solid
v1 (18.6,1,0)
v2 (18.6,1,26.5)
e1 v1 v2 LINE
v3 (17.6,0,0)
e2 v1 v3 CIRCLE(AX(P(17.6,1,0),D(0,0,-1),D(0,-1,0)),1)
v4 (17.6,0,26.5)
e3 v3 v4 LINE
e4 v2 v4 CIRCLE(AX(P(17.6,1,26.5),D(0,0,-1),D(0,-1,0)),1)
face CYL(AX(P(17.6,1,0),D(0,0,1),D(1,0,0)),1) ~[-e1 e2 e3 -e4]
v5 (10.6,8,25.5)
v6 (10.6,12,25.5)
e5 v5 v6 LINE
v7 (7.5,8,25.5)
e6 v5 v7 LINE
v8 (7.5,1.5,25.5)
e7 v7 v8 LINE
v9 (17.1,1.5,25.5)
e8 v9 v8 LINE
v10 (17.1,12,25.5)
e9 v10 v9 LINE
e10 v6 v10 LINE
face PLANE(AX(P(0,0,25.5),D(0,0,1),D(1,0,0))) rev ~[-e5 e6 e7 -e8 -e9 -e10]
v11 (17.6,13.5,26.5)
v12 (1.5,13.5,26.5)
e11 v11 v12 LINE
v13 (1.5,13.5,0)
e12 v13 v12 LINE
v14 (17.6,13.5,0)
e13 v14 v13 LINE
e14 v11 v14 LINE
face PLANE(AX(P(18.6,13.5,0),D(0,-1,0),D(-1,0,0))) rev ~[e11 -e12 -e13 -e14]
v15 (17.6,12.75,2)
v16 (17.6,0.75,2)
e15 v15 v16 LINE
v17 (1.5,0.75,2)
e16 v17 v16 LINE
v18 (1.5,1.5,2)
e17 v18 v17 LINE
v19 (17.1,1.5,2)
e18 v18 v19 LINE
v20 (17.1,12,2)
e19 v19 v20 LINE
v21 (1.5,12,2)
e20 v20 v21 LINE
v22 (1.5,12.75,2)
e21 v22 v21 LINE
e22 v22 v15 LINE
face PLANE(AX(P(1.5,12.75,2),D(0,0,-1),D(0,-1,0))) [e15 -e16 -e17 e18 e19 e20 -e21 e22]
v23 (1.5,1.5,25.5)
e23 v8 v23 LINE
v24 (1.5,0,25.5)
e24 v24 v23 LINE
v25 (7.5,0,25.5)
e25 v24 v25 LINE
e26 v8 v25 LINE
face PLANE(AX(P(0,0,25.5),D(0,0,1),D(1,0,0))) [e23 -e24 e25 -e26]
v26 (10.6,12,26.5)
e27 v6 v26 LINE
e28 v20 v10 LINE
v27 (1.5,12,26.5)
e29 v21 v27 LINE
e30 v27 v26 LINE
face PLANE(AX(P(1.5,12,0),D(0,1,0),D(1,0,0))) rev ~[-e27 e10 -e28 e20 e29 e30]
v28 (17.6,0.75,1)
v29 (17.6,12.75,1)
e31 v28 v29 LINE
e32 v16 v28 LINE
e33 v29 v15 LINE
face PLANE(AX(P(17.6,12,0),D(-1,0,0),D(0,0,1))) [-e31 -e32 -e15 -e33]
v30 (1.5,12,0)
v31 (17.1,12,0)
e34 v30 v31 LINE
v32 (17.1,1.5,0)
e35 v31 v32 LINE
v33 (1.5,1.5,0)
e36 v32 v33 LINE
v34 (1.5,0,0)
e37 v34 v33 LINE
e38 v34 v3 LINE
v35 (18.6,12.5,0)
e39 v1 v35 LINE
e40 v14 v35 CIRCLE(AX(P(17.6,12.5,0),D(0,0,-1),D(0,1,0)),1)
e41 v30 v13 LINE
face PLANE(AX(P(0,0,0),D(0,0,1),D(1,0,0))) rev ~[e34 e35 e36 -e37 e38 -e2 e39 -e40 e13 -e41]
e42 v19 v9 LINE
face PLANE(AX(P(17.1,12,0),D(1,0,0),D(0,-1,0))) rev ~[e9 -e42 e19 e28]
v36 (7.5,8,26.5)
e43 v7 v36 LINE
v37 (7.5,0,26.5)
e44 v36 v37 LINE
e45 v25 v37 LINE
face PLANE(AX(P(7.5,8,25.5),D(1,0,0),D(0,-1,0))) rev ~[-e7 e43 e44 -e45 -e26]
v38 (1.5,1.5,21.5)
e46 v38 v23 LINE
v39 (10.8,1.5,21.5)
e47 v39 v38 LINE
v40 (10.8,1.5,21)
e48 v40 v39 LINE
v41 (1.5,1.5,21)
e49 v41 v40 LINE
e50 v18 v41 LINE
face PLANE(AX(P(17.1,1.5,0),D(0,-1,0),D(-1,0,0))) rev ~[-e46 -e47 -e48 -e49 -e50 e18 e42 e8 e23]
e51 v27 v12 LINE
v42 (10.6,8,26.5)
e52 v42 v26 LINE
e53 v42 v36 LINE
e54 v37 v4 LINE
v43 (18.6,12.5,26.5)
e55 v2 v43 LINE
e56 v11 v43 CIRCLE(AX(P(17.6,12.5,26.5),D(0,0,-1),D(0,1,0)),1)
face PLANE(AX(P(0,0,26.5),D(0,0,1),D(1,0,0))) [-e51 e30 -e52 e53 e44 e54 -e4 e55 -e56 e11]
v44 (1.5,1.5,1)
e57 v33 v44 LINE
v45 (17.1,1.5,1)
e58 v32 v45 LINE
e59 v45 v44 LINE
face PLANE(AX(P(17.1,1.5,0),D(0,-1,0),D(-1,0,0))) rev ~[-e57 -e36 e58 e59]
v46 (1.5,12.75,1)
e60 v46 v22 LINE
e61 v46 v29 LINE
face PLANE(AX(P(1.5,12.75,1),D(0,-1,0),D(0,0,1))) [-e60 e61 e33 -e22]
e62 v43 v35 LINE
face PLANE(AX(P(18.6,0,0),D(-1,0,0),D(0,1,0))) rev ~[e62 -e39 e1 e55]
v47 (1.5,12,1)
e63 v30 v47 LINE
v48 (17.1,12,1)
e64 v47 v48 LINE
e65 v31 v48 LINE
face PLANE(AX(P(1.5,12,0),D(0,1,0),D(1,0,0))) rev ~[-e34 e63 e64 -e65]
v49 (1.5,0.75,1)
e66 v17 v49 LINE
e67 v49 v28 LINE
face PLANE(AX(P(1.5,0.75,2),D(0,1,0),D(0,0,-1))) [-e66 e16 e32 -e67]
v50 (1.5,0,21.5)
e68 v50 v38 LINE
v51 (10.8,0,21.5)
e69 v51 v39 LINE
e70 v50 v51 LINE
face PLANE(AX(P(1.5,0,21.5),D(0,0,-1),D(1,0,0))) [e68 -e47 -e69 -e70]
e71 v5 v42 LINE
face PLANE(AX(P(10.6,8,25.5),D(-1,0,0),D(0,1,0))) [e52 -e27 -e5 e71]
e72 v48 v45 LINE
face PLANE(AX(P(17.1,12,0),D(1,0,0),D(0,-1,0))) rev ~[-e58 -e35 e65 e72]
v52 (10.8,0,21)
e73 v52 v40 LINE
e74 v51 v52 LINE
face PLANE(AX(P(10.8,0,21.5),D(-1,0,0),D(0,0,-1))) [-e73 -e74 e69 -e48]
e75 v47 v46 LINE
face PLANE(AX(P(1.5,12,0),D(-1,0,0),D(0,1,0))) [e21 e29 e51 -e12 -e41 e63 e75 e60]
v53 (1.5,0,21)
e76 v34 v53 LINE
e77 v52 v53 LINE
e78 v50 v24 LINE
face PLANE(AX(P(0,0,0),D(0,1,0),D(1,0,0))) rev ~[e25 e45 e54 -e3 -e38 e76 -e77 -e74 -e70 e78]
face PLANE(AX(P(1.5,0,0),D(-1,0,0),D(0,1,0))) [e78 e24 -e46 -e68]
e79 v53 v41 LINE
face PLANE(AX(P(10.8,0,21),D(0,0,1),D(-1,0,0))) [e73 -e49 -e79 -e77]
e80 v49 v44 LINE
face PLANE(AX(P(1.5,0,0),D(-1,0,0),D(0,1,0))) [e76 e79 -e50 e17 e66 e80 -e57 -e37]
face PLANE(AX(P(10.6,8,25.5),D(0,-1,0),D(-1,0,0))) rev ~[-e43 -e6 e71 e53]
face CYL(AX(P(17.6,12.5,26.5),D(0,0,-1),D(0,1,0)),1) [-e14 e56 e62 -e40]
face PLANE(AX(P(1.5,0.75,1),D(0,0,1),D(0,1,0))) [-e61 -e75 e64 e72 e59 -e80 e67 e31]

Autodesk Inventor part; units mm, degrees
ref_plane "YZ Plane" through (0, 0, 0) normal (1, 0, 0) x (0, 1, 0)
ref_plane "XZ Plane" through (0, 0, 0) normal (0, 1, 0) x (-1, 0, 0)
ref_plane "XY Plane" through (0, 0, 0) normal (0, 0, 1) x (1, 0, 0)
sketch "스케치1" plane through (0, 0, 0) normal (0, 0, 1) x (1, 0, 0)
  line L0 (0, 0) -> (18.6, 0)
  line L1 (18.6, 0) -> (18.6, 13.5)
  line L2 (18.6, 13.5) -> (0, 13.5)
  line L3 (0, 13.5) -> (0, 0)
  line L4 (1.5, 12) -> (17.1, 12)
  line L5 (17.1, 12) -> (17.1, 1.5)
  line L6 (17.1, 1.5) -> (1.5, 1.5)
  line L7 (1.5, 1.5) -> (1.5, 12)
  dimension "d4" = 18.6
  dimension "d5" = 13.5
  dimension "d6" = 1.5
extrude "돌출1" add sketch "스케치1" along normal blind 25.5
sketch "스케치2" plane through (0, 0, 25.5) normal (0, 0, 1) x (1, 0, 0)
  line L0 (0, 0) -> (18.6, 0) projected
  line L1 (18.6, 0) -> (18.6, 13.5) projected
  line L2 (0, 0) -> (18.6, 0)
  line L3 (18.6, 0) -> (18.6, 8)
  line L4 (18.6, 8) -> (0, 8)
  line L5 (18.6, 13.5) -> (0, 13.5) projected
  line L6 (18.6, 8) -> (10.6, 8)
  line L7 (10.6, 8) -> (10.6, 13.5)
  line L8 (10.6, 13.5) -> (18.6, 13.5)
  line L9 (18.6, 13.5) -> (18.6, 8)
  line L10 (0, 13.5) -> (0, 0) projected
  line L11 (17.1, 12) -> (1.5, 12) projected
  line L12 (0, 13.5) -> (10.6, 13.5)
  line L13 (10.6, 13.5) -> (10.6, 12)
  line L14 (10.6, 12) -> (0, 12)
  line L15 (0, 12) -> (0, 13.5)
  line L16 (1.5, 1.5) -> (1.5, 12) projected
  line L17 (7.5, 8) -> (7.5, 0)
  point P0 (0, 12)
  dimension "d9" = 8
  dimension "d14" = 8
  dimension "d58" = 6
extrude "돌출2" add sketch "스케치2" along normal blind 1 contours L17 L4 L1 L0 | L10 L5 L7 L11 L14 | L4 L7 L5 L1
sketch "스케치3" plane through (0, 0, 0) normal (0, 0, -1) x (-1, 0, 0)
  line L0 (-17.1, 1.5) -> (-17.1, 12) projected
  line L1 (-17.1, 12) -> (-1.5, 12) projected
  line L2 (-1.5, 12) -> (-1.5, 1.5) projected
  line L3 (-1.5, 1.5) -> (-17.1, 1.5) projected
  line L4 (0, 0) -> (-18.6, 0) projected
  line L5 (0, 13.5) -> (0, 0) projected
  line L6 (-18.6, 13.5) -> (0, 13.5) projected
  line L7 (-18.6, 0) -> (-18.6, 13.5) projected
  line L8 (-18.6, 13.5) -> (0, 13.5) projected
  line L9 (0, 0) -> (-1.5, 0)
  line L10 (-1.5, 0) -> (-1.5, 13.5)
  line L11 (-1.5, 13.5) -> (0, 13.5)
  line L12 (0, 13.5) -> (0, 0)
  point P0 (-1.5, 6.75)
extrude "돌출3" cut sketch "스케치3" against normal up to next contours L2 L10 L6 L5 L4
sketch "스케치4" plane through (18.6, 0, 0) normal (0, -1, 0) x (1, 0, 0)
  line L0 (-7.8, 21) -> (-17.1, 21)
  line L1 (-17.1, 21) -> (-17.1, 21.5)
  line L2 (-17.1, 21.5) -> (-7.8, 21.5)
  line L3 (-7.8, 21.5) -> (-7.8, 21)
  line L4 (-17.1, 25.5) -> (-17.1, 0) projected
  line L5 (-11.1, 26.5) -> (0, 26.5) projected
  point P0 (-18.6, 0)
  point P1 (-17.1, 26.5)
  dimension "d17" = 0.5
  dimension "d18" = 9.3
  dimension "d19" = 5
extrude "돌출4" cut sketch "스케치4" against normal up to next
fillet "모깎기1" radius 1 2 edges at (18.6, 13.5, 13.25) (18.6, 0, 13.25)
sketch "스케치11" plane through (1.5, 12, 0) normal (-1, 0, 0) x (0, 0, 1)
  line L0 (1, 0.75) -> (2, 0.75)
  line L1 (2, 0.75) -> (2, -11.25)
  line L2 (2, -11.25) -> (1, -11.25)
  line L3 (1, -11.25) -> (1, 0.75)
  line L4 (0, -10.5) -> (0, 0) projected
  line L5 (0, 1.5) -> (26.5, 1.5) projected
  line L6 (21, -12) -> (0, -12) projected
  dimension "d43" = 1
  dimension "d44" = 1
  dimension "d45" = 0.75
  dimension "d46" = 0.75
extrude "돌출8" cut sketch "스케치11" against normal blind 16.1
equation "\"d6\" = t"
equation "\"t\" = 1.5"
properties part number "_3D 인쇄"
